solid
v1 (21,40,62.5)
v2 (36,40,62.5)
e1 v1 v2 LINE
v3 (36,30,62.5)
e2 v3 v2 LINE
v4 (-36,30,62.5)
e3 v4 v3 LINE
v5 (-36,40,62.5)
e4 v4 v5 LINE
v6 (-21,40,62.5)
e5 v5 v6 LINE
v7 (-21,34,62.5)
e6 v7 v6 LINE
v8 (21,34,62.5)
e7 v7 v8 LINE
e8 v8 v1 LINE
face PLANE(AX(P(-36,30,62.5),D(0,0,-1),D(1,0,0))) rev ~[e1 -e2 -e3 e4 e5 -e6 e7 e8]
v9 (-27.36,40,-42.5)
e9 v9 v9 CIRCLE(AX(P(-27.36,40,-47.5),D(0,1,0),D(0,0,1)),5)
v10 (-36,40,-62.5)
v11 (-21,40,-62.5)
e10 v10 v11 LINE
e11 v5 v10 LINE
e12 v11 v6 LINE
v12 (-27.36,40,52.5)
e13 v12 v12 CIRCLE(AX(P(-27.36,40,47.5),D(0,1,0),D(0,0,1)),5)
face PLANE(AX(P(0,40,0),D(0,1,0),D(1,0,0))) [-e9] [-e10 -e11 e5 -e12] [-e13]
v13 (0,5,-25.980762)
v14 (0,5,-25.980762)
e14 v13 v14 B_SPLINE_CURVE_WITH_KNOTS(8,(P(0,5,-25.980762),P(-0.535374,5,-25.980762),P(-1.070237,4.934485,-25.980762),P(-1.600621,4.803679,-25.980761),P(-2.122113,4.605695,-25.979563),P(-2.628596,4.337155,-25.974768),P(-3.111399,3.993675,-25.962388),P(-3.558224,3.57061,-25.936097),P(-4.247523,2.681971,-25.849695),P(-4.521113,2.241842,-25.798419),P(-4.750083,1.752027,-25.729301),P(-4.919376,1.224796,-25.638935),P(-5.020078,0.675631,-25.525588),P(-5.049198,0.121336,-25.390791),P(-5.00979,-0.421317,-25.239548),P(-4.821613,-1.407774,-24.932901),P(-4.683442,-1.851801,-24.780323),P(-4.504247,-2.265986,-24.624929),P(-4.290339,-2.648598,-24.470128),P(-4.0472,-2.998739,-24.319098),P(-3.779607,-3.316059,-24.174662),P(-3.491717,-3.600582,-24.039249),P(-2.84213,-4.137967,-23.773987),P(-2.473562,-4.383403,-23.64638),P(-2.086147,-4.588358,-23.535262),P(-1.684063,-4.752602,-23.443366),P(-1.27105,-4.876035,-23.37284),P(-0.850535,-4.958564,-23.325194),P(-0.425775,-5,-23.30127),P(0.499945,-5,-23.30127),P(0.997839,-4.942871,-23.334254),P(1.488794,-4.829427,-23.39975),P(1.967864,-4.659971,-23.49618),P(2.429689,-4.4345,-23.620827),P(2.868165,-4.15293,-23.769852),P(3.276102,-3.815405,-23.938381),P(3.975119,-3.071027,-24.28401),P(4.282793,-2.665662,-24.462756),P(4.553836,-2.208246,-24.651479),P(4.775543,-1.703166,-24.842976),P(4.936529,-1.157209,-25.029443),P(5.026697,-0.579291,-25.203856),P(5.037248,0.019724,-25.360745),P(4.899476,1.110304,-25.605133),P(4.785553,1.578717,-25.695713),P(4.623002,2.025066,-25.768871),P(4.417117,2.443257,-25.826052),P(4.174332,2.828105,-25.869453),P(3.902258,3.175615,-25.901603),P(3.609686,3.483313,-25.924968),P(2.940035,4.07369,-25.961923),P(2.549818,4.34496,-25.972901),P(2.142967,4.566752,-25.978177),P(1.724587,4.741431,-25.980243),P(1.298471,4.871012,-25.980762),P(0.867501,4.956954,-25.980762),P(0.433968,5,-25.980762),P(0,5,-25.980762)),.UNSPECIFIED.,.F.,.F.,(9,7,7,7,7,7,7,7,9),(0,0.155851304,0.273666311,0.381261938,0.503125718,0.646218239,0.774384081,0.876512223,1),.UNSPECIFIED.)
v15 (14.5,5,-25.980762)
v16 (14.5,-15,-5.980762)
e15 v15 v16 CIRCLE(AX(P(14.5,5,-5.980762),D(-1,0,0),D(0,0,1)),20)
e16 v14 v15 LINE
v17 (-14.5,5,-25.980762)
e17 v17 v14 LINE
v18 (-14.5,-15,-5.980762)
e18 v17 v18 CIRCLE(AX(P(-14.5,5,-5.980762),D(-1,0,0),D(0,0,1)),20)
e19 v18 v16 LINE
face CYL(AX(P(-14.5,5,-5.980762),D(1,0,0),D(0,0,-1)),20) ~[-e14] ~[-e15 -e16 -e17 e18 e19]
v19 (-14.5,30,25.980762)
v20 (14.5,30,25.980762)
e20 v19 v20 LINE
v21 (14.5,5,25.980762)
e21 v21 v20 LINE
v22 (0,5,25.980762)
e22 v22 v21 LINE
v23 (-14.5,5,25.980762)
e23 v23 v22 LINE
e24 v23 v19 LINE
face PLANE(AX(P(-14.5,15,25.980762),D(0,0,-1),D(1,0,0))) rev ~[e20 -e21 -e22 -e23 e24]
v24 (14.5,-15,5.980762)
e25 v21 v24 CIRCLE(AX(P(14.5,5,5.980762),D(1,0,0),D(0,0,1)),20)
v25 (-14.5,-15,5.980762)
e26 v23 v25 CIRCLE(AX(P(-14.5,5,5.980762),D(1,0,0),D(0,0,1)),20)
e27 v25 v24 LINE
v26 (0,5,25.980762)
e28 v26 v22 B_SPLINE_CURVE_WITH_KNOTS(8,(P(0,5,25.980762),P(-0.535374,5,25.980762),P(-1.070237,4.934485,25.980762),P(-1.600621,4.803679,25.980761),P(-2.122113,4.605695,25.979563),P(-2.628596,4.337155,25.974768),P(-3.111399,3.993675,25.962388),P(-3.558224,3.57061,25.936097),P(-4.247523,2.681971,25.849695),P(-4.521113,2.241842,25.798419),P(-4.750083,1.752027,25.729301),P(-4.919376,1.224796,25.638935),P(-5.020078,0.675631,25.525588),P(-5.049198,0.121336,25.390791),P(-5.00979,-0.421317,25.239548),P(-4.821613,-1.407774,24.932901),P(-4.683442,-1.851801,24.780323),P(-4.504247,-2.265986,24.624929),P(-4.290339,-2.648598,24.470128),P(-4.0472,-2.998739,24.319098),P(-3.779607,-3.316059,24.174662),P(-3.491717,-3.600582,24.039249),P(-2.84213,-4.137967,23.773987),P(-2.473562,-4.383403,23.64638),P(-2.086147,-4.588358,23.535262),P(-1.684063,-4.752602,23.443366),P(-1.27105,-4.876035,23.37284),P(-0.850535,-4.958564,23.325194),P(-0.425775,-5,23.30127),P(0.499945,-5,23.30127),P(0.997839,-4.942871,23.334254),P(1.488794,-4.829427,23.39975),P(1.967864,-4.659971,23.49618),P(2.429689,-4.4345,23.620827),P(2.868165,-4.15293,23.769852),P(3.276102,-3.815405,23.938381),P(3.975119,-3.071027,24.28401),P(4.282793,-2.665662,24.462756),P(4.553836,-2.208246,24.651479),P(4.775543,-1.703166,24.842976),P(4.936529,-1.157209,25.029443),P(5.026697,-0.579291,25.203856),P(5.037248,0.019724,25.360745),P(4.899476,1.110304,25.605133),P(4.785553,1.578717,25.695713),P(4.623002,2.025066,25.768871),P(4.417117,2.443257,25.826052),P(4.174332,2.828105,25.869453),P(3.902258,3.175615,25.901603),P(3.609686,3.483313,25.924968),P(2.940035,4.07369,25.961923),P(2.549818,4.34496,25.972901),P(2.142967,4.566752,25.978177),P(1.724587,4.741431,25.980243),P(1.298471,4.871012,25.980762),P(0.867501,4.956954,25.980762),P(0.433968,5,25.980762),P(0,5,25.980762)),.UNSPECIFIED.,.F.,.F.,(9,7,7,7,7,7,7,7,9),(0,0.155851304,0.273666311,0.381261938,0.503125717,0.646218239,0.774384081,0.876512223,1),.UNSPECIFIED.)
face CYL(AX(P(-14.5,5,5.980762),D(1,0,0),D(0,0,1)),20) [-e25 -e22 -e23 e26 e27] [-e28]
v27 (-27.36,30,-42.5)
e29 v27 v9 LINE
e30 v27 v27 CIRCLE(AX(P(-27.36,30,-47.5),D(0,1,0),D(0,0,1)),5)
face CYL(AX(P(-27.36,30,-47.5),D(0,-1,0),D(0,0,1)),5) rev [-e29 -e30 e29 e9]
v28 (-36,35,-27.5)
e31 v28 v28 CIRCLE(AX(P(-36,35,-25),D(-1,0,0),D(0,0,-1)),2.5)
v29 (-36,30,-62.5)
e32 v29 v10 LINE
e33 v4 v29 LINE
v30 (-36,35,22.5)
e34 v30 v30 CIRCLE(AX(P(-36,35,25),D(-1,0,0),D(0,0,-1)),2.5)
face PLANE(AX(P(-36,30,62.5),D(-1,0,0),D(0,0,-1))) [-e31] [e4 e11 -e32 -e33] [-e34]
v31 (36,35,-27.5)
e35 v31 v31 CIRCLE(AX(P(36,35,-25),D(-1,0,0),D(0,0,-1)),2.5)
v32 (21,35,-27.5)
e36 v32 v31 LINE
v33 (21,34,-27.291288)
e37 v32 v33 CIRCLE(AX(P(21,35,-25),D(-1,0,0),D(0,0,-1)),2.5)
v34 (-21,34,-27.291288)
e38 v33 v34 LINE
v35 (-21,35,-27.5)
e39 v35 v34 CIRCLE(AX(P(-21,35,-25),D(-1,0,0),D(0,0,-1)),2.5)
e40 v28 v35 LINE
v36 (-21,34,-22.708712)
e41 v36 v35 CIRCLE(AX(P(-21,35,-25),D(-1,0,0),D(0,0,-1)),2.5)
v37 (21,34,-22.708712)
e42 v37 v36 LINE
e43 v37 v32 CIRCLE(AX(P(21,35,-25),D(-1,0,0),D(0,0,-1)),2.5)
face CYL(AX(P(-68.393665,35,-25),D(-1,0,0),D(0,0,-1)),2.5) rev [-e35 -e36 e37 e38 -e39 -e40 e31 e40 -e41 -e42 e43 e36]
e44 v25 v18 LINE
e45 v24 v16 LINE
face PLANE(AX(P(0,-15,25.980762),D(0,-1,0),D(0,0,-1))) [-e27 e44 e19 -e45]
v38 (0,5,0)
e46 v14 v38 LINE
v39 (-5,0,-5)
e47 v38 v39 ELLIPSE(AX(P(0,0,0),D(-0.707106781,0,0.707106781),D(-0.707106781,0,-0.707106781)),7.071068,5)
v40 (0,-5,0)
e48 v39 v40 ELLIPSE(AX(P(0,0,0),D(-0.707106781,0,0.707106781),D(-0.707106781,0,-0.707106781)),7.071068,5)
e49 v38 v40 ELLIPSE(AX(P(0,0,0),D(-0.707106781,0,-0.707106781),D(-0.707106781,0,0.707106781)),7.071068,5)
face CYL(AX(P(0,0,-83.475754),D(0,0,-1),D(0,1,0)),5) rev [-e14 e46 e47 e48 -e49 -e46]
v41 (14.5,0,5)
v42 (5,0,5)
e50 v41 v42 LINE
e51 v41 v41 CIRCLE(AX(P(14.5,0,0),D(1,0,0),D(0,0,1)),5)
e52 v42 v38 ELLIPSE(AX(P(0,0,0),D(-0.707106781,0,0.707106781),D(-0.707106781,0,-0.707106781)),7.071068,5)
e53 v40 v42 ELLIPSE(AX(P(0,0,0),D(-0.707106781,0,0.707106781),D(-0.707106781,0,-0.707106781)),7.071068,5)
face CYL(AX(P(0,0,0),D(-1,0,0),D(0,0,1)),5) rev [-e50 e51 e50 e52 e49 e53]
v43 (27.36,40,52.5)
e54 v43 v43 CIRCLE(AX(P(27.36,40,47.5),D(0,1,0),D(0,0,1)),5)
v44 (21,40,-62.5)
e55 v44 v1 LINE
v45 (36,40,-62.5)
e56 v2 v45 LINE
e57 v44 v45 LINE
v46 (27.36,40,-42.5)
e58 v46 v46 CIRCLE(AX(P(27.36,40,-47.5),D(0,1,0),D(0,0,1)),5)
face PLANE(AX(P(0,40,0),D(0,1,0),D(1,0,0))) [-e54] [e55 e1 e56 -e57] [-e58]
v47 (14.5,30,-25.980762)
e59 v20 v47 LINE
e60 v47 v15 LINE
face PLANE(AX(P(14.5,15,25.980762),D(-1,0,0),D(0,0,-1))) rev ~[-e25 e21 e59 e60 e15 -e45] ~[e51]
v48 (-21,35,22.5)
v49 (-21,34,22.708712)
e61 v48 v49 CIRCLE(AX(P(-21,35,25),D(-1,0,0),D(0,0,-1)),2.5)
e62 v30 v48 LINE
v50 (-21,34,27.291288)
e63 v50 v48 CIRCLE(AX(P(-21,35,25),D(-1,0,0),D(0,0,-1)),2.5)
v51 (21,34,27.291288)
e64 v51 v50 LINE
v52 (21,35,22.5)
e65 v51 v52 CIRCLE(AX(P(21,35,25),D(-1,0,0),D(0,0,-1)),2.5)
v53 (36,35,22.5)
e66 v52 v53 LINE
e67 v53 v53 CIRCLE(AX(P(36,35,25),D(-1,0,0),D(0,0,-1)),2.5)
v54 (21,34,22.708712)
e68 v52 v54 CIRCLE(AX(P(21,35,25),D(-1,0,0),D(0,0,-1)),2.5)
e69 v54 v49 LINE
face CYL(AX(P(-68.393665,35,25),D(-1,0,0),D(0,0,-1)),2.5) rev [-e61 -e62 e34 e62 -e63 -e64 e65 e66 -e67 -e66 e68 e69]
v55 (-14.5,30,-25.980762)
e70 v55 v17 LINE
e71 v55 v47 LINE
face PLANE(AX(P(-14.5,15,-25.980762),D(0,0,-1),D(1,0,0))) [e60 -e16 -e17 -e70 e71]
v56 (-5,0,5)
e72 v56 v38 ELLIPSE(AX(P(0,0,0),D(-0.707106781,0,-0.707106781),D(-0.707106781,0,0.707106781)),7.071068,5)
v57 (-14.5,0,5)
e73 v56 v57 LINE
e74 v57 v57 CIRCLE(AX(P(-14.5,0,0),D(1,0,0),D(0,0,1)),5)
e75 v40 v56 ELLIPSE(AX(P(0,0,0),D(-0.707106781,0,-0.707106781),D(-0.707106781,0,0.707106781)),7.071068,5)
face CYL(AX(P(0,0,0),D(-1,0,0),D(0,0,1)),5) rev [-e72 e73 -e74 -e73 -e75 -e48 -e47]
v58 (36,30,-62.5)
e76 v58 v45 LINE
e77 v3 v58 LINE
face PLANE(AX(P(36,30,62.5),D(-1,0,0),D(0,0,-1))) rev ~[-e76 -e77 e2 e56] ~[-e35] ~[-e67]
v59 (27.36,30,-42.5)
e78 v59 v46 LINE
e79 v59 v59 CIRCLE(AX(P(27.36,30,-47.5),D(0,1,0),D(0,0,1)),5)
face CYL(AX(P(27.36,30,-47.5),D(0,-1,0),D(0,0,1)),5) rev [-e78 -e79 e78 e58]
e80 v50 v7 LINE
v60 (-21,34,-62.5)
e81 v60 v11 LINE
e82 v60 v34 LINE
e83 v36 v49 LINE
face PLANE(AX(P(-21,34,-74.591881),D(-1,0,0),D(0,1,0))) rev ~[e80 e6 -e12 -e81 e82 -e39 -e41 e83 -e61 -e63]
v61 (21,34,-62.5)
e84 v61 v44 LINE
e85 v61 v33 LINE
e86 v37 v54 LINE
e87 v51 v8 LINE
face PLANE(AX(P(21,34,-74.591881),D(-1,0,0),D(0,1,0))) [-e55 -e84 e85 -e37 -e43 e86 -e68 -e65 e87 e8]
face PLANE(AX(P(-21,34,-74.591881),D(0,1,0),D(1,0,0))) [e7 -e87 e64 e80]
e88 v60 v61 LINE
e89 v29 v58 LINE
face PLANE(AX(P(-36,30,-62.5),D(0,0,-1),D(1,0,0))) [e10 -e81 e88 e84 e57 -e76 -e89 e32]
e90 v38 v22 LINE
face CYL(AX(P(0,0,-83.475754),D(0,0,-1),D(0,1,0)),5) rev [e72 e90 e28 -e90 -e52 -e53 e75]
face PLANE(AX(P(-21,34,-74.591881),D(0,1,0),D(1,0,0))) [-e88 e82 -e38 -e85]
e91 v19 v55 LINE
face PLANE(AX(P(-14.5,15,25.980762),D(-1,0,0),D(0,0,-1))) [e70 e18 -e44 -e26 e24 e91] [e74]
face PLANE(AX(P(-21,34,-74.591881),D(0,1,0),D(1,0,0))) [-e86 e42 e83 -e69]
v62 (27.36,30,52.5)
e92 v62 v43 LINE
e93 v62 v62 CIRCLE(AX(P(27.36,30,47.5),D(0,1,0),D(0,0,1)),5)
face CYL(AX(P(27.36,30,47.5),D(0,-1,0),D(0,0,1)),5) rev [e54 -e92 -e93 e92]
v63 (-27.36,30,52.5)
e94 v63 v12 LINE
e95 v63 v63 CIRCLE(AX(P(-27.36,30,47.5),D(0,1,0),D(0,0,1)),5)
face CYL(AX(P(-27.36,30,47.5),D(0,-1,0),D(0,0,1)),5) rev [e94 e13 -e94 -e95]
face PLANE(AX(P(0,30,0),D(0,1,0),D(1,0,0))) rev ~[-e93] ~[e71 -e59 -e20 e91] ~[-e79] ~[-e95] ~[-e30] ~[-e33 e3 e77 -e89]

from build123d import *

# Parameters (mm, degrees)
SKETCH1_W               = 51.961524228
SKETCH1_H               = 30
SKETCH1_R               = 5
BOSS_EXTRUDE1_DEPTH     = 14.5
SKETCH2_W               = 29
SKETCH2_H               = 51.961524228
BOSS_EXTRUDE2_DEPTH     = 15
SKETCH3_W               = 72
SKETCH3_H               = 125
SKETCH3_R               = 5
BOSS_EXTRUDE3_DEPTH     = 10
FILLET1_R               = 20
CUT_EXTRUDE1_DEPTH      = 83.475754013
CUT_EXTRUDE1_DEPTH_BACK = 83.475754013
SKETCH4_R               = 5
CUT_EXTRUDE2_DEPTH      = 137.091880728
CUT_EXTRUDE2_DEPTH_BACK = 137.091880728
SKETCH5_W               = 42
SKETCH5_H               = 6
CUT_EXTRUDE3_DEPTH      = 104.393665183
CUT_EXTRUDE3_DEPTH_BACK = 104.393665183
SKETCH6_R               = 2.5


with BuildPart() as part:
    # Sketch1 → Boss-Extrude1 (new, symmetric)
    with BuildSketch(Plane(origin=(0, 0, 0), x_dir=(0, 0, -1), z_dir=(1, 0, 0))):
        Rectangle(SKETCH1_W, SKETCH1_H)
        with Locations(Location((0, 0, 0), (0, 0, 180))):
            Circle(SKETCH1_R, mode=Mode.SUBTRACT)
    extrude(amount=BOSS_EXTRUDE1_DEPTH, both=True)

    # Sketch2 → Boss-Extrude2 (add)
    with BuildSketch(Plane(origin=(0, 15, 0), x_dir=(1, 0, 0), z_dir=(0, 1, 0))):
        Rectangle(SKETCH2_W, SKETCH2_H)
    extrude(amount=BOSS_EXTRUDE2_DEPTH)

    # Sketch3 → Boss-Extrude3 (add)
    with BuildSketch(Plane(origin=(0, 30, 0), x_dir=(1, 0, 0), z_dir=(0, 1, 0))):
        Rectangle(SKETCH3_W, SKETCH3_H)
        with Locations(Location((-27.36, 47.5, 0), (0, 0, 270))):
            Circle(SKETCH3_R, mode=Mode.SUBTRACT)
        with Locations(Location((27.36, 47.5, 0), (0, 0, 270))):
            Circle(SKETCH3_R, mode=Mode.SUBTRACT)
        with Locations(Location((-27.36, -47.5, 0), (0, 0, 270))):
            Circle(SKETCH3_R, mode=Mode.SUBTRACT)
        with Locations(Location((27.36, -47.5, 0), (0, 0, 270))):
            Circle(SKETCH3_R, mode=Mode.SUBTRACT)
    extrude(amount=BOSS_EXTRUDE3_DEPTH)

    # Fillet1
    fillet1_edges = [part.edges().sort_by_distance(p)[0] for p in [
        (0, -15, 25.980762114),
        (0, -15, -25.980762114),
    ]]
    fillet(fillet1_edges, radius=FILLET1_R)

    # Sketch4 → Cut-Extrude1 (cut, two sides: drawn at the far end of the back side and taken through both)
    with BuildSketch(Plane.XY.offset(-CUT_EXTRUDE1_DEPTH_BACK)):
        with Locations(Location((0, 0, 0), (0, 0, 90))):
            Circle(SKETCH4_R)
    extrude(amount=CUT_EXTRUDE1_DEPTH + CUT_EXTRUDE1_DEPTH_BACK, mode=Mode.SUBTRACT)

    # Sketch5 → Cut-Extrude2 (cut, two sides: drawn at the far end of the back side and taken through both)
    with BuildSketch(Plane.XY.offset(62.5).offset(-CUT_EXTRUDE2_DEPTH_BACK)):
        with Locations((0, 37)):
            Rectangle(SKETCH5_W, SKETCH5_H)
    extrude(amount=CUT_EXTRUDE2_DEPTH + CUT_EXTRUDE2_DEPTH_BACK, mode=Mode.SUBTRACT)

    # Sketch6 → Cut-Extrude3 (cut, two sides: drawn at the far end of the back side and taken through both)
    with BuildSketch(Plane(origin=(36, 0, 0), x_dir=(0, 0, -1), z_dir=(1, 0, 0)).offset(-CUT_EXTRUDE3_DEPTH_BACK)):
        with Locations((-25, 35)):
            Circle(SKETCH6_R)
        with Locations((25, 35)):
            Circle(SKETCH6_R)
    extrude(amount=CUT_EXTRUDE3_DEPTH + CUT_EXTRUDE3_DEPTH_BACK, mode=Mode.SUBTRACT)


solid = part.part
